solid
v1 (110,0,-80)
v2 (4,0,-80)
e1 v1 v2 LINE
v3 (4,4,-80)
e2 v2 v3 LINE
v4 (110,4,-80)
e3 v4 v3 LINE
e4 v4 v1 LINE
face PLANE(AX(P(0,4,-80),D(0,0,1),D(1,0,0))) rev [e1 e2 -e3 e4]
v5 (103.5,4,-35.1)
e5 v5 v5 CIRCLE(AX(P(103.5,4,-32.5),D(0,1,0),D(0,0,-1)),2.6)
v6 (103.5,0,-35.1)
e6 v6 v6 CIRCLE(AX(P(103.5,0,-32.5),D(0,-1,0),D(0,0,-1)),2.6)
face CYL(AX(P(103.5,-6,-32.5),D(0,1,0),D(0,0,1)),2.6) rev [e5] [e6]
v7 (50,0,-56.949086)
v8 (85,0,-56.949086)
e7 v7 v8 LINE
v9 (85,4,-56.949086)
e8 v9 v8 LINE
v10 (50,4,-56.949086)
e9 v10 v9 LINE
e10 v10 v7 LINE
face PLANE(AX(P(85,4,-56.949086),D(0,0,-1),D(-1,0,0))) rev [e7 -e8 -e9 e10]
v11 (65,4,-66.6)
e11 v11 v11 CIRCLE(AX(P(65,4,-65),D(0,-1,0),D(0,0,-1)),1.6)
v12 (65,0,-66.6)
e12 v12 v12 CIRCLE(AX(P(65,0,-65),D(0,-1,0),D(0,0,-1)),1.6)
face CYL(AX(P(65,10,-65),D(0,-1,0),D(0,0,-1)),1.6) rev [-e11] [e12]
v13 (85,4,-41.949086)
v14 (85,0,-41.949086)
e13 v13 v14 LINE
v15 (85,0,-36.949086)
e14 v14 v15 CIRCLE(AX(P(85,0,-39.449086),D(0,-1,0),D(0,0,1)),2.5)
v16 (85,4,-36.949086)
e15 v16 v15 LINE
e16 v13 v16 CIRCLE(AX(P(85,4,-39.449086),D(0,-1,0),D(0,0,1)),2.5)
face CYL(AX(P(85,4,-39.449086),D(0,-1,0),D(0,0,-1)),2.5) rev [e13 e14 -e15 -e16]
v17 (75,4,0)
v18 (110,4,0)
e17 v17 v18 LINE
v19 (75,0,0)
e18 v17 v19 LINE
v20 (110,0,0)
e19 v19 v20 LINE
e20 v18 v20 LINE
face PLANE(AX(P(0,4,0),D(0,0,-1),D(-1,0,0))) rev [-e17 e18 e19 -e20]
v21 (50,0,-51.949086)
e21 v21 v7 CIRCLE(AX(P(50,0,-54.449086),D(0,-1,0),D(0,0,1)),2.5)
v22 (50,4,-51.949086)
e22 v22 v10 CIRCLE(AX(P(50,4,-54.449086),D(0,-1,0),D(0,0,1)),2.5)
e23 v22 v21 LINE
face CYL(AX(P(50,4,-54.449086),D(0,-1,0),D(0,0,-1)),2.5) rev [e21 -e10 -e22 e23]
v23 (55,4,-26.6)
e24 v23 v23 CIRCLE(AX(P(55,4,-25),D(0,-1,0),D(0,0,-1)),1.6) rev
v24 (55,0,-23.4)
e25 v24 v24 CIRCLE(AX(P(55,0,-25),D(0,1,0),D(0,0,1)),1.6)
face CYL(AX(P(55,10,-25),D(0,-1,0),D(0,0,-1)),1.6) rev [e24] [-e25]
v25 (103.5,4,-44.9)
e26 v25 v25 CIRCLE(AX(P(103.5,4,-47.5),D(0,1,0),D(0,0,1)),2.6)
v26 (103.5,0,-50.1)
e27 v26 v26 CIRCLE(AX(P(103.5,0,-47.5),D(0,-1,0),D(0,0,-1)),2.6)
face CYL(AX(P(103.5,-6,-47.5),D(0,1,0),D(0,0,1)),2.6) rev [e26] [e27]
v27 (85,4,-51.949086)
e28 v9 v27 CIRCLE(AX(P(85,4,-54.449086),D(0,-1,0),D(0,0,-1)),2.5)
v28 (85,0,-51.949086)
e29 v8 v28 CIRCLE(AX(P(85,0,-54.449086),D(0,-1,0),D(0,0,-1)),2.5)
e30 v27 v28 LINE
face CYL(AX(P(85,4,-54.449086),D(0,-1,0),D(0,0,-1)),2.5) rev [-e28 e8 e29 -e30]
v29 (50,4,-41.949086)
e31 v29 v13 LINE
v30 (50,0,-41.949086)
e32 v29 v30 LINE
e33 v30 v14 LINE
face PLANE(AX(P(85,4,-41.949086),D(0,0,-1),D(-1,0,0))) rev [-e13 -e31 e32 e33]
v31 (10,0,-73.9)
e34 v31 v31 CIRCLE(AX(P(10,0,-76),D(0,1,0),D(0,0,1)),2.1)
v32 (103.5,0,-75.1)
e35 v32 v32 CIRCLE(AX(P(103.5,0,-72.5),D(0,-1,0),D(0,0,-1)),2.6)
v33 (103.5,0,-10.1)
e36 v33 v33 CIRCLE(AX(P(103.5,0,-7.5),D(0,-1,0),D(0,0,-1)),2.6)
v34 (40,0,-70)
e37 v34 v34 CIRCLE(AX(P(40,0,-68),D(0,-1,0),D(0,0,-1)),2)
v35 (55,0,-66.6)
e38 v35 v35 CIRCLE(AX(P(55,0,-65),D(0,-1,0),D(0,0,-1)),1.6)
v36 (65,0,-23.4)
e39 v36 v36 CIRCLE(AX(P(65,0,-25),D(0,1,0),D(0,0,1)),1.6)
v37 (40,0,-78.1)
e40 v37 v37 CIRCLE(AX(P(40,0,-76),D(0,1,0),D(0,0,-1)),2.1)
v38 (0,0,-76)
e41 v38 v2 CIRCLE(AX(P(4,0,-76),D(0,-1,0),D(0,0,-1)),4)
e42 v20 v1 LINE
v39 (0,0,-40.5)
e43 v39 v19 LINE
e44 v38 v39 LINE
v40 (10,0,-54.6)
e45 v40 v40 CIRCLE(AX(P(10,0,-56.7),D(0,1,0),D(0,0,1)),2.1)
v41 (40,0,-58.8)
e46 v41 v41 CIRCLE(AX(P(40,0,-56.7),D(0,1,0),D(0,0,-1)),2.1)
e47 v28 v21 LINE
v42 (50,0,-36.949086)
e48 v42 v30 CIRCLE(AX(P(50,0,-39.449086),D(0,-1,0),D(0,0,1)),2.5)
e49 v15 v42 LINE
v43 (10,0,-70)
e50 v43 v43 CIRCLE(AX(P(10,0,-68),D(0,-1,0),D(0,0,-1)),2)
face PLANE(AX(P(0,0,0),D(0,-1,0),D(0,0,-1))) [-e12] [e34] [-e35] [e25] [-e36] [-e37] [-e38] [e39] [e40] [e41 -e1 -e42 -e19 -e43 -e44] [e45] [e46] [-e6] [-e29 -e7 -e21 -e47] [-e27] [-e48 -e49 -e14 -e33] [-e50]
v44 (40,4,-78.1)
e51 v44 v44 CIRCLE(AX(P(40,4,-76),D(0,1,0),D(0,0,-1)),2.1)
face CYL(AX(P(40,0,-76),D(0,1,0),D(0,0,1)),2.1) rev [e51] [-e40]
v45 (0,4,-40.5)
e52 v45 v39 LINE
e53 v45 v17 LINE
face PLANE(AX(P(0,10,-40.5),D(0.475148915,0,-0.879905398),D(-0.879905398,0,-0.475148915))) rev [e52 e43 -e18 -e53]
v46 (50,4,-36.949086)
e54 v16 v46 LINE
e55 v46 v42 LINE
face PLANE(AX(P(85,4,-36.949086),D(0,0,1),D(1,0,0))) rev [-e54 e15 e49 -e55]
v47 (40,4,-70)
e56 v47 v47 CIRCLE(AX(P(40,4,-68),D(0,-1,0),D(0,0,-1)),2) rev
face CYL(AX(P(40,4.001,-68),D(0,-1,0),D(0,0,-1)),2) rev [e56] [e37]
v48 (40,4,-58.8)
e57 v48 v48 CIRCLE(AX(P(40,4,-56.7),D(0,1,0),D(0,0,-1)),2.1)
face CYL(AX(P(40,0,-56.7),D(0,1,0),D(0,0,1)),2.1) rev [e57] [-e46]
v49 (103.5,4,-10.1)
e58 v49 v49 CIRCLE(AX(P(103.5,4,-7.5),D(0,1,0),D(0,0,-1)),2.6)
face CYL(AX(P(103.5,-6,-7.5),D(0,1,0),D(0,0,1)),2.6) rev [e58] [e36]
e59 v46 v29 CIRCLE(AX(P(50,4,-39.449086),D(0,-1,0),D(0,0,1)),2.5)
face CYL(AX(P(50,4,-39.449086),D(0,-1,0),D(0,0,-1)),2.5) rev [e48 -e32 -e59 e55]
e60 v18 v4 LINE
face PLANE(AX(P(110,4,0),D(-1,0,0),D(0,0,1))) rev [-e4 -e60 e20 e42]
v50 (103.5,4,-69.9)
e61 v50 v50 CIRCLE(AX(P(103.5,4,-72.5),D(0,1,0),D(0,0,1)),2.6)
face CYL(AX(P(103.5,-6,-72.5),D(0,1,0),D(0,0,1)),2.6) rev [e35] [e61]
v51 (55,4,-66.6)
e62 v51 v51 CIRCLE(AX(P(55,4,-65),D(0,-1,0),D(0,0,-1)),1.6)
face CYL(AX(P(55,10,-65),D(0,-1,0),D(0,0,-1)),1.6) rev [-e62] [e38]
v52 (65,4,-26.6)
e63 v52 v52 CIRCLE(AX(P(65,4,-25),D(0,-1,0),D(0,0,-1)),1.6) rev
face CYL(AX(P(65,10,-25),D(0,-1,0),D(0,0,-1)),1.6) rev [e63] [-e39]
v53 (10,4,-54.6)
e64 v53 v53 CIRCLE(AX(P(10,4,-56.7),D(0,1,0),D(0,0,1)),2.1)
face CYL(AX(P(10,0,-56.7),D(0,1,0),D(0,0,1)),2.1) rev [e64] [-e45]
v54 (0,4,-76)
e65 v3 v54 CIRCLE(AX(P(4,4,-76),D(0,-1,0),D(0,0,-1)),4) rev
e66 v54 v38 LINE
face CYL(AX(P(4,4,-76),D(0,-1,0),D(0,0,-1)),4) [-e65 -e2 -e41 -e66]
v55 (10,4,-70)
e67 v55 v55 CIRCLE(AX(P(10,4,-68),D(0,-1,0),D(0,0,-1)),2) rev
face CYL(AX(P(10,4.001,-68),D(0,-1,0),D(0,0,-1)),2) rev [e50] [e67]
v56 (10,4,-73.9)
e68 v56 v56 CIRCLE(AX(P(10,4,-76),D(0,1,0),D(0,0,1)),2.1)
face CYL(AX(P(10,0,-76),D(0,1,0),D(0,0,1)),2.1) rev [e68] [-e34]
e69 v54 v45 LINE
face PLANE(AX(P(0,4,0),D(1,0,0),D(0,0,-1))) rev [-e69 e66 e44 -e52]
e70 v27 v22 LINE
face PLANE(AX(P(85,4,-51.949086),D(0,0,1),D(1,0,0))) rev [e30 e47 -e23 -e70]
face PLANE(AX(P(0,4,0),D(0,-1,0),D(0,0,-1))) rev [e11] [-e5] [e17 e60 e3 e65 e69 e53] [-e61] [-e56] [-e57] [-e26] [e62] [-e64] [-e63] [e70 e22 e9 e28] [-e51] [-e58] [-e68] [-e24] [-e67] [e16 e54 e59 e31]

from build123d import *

# Parameters (mm, degrees)
SKETCH_1_W          = 110
SKETCH_1_H          = 80
EXTRUDE_1_DEPTH     = 4
SKETCH_2_R          = 2.1
CUT_EXTRUDE_1_DEPTH = 4
FILLET_1_R          = 4
FILLET_2_R          = 5
SKETCH_4_R          = 2.6
CUT_EXTRUDE_2_DEPTH = 10
SKETCH_5_R          = 1.6
CUT_EXTRUDE_3_DEPTH = 10
CUT_EXTRUDE_4_DEPTH = 10
CUT_EXTRUDE_6_REACH = 138.074
SKETCH_8_R          = 2
CUT_EXTRUDE_7_DEPTH = 137.073509545


with BuildPart() as part:
    # 草图1 → 凸台-拉伸1 (new body)
    with BuildSketch(Plane(origin=(0, 0, 0), x_dir=(1, 0, 0), z_dir=(0, 1, 0))):
        with Locations((55, 40)):
            Rectangle(SKETCH_1_W, SKETCH_1_H)
    extrude(amount=EXTRUDE_1_DEPTH)

    # 草图2 → 切除-拉伸1 (cut)
    with BuildSketch(Plane(origin=(0, 4, 0), x_dir=(1, 0, 0), z_dir=(0, 1, 0))):
        with Locations(Location((10, 56.7, 0), (0, 0, 270))):
            Circle(SKETCH_2_R)
        with Locations(Location((40, 56.7, 0), (0, 0, 90))):
            Circle(SKETCH_2_R)
        with Locations(Location((10, 76, 0), (0, 0, 270))):
            Circle(SKETCH_2_R)
        with Locations(Location((40, 76, 0), (0, 0, 90))):
            Circle(SKETCH_2_R)
    extrude(amount=-CUT_EXTRUDE_1_DEPTH, mode=Mode.SUBTRACT)

    # 圆角1
    fillet_1_edges = [part.edges().sort_by_distance(p)[0] for p in [
        (0, 2, -80),
    ]]
    fillet(fillet_1_edges, radius=FILLET_1_R)

    # 圆角2
    fillet_2_edges = [part.edges().sort_by_distance(p)[0] for p in [
        (0, 2, 0),
    ]]
    fillet(fillet_2_edges, radius=FILLET_2_R)

    # 草图4 → 切除-拉伸2 (cut)
    with BuildSketch(Plane(origin=(0, 4, 0), x_dir=(1, 0, 0), z_dir=(0, 1, 0))):
        with Locations(Location((103.5, 47.5, 0), (0, 0, 270))):
            Circle(SKETCH_4_R)
        with Locations(Location((103.5, 72.5, 0), (0, 0, 270))):
            Circle(SKETCH_4_R)
        with Locations(Location((103.5, 7.5, 0), (0, 0, 90))):
            Circle(SKETCH_4_R)
        with Locations(Location((103.5, 32.5, 0), (0, 0, 90))):
            Circle(SKETCH_4_R)
    extrude(amount=-CUT_EXTRUDE_2_DEPTH, mode=Mode.SUBTRACT)

    # 草图5 → 切除-拉伸3 (cut)
    with BuildSketch(Plane.XZ):
        with Locations(Location((55, -65, 0), (0, 0, 270))):
            Circle(SKETCH_5_R)
        with Locations(Location((65, -65, 0), (0, 0, 270))):
            Circle(SKETCH_5_R)
    cut_extrude_3 = extrude(amount=-CUT_EXTRUDE_3_DEPTH, mode=Mode.SUBTRACT)

    # 草图6 → 切除-拉伸4 (cut)
    with BuildSketch(Plane.XZ):
        Polygon((0, -40.5), (75, 0), (0, 0), align=None)
    extrude(amount=-CUT_EXTRUDE_4_DEPTH, mode=Mode.SUBTRACT)

    # 草图8 → 切除-拉伸6 (cut, up to next)
    with BuildSketch(Plane.XZ, mode=Mode.PRIVATE) as cut_extrude_6_sk1:
        with Locations(Location((10, -68, 0), (0, 0, 270))):
            Circle(SKETCH_8_R)
    cut_extrude_6_tool1 = extrude(cut_extrude_6_sk1.sketch, amount=-CUT_EXTRUDE_6_REACH, mode=Mode.PRIVATE) & part.part
    # 草图8 → 切除-拉伸6 (cut, up to next)
    with BuildSketch(Plane.XZ, mode=Mode.PRIVATE) as cut_extrude_6_sk2:
        with Locations(Location((40, -68, 0), (0, 0, 270))):
            Circle(SKETCH_8_R)
    cut_extrude_6_tool2 = extrude(cut_extrude_6_sk2.sketch, amount=-CUT_EXTRUDE_6_REACH, mode=Mode.PRIVATE) & part.part
    add(cut_extrude_6_tool1.solids().sort_by_distance((10, 0, -68))[0], mode=Mode.SUBTRACT)
    add(cut_extrude_6_tool2.solids().sort_by_distance((40, 0, -68))[0], mode=Mode.SUBTRACT)

    # 镜向1: 切除-拉伸3 across plane
    add(cut_extrude_3.mirror(Plane(origin=(0, 0, -45), x_dir=(1, 0, 0), z_dir=(0, 0, -1))), mode=Mode.SUBTRACT)

    # 草图9 → 切除-拉伸7 (cut, through all)
    with BuildSketch(Plane.XZ):
        with BuildLine():
            Line((85, -36.949085991), (50, -36.949085991))
            ThreePointArc((50, -36.949085991), (47.5, -39.449085991), (50, -41.949085991))
            Line((50, -41.949085991), (85, -41.949085991))
            ThreePointArc((85, -41.949085991), (87.5, -39.449085991), (85, -36.949085991))
        make_face()
        with BuildLine():
            Line((85, -51.949085991), (50, -51.949085991))
            ThreePointArc((50, -51.949085991), (47.5, -54.449085991), (50, -56.949085991))
            Line((50, -56.949085991), (85, -56.949085991))
            ThreePointArc((85, -56.949085991), (87.5, -54.449085991), (85, -51.949085991))
        make_face()
    extrude(amount=-CUT_EXTRUDE_7_DEPTH, mode=Mode.SUBTRACT)


solid = part.part
